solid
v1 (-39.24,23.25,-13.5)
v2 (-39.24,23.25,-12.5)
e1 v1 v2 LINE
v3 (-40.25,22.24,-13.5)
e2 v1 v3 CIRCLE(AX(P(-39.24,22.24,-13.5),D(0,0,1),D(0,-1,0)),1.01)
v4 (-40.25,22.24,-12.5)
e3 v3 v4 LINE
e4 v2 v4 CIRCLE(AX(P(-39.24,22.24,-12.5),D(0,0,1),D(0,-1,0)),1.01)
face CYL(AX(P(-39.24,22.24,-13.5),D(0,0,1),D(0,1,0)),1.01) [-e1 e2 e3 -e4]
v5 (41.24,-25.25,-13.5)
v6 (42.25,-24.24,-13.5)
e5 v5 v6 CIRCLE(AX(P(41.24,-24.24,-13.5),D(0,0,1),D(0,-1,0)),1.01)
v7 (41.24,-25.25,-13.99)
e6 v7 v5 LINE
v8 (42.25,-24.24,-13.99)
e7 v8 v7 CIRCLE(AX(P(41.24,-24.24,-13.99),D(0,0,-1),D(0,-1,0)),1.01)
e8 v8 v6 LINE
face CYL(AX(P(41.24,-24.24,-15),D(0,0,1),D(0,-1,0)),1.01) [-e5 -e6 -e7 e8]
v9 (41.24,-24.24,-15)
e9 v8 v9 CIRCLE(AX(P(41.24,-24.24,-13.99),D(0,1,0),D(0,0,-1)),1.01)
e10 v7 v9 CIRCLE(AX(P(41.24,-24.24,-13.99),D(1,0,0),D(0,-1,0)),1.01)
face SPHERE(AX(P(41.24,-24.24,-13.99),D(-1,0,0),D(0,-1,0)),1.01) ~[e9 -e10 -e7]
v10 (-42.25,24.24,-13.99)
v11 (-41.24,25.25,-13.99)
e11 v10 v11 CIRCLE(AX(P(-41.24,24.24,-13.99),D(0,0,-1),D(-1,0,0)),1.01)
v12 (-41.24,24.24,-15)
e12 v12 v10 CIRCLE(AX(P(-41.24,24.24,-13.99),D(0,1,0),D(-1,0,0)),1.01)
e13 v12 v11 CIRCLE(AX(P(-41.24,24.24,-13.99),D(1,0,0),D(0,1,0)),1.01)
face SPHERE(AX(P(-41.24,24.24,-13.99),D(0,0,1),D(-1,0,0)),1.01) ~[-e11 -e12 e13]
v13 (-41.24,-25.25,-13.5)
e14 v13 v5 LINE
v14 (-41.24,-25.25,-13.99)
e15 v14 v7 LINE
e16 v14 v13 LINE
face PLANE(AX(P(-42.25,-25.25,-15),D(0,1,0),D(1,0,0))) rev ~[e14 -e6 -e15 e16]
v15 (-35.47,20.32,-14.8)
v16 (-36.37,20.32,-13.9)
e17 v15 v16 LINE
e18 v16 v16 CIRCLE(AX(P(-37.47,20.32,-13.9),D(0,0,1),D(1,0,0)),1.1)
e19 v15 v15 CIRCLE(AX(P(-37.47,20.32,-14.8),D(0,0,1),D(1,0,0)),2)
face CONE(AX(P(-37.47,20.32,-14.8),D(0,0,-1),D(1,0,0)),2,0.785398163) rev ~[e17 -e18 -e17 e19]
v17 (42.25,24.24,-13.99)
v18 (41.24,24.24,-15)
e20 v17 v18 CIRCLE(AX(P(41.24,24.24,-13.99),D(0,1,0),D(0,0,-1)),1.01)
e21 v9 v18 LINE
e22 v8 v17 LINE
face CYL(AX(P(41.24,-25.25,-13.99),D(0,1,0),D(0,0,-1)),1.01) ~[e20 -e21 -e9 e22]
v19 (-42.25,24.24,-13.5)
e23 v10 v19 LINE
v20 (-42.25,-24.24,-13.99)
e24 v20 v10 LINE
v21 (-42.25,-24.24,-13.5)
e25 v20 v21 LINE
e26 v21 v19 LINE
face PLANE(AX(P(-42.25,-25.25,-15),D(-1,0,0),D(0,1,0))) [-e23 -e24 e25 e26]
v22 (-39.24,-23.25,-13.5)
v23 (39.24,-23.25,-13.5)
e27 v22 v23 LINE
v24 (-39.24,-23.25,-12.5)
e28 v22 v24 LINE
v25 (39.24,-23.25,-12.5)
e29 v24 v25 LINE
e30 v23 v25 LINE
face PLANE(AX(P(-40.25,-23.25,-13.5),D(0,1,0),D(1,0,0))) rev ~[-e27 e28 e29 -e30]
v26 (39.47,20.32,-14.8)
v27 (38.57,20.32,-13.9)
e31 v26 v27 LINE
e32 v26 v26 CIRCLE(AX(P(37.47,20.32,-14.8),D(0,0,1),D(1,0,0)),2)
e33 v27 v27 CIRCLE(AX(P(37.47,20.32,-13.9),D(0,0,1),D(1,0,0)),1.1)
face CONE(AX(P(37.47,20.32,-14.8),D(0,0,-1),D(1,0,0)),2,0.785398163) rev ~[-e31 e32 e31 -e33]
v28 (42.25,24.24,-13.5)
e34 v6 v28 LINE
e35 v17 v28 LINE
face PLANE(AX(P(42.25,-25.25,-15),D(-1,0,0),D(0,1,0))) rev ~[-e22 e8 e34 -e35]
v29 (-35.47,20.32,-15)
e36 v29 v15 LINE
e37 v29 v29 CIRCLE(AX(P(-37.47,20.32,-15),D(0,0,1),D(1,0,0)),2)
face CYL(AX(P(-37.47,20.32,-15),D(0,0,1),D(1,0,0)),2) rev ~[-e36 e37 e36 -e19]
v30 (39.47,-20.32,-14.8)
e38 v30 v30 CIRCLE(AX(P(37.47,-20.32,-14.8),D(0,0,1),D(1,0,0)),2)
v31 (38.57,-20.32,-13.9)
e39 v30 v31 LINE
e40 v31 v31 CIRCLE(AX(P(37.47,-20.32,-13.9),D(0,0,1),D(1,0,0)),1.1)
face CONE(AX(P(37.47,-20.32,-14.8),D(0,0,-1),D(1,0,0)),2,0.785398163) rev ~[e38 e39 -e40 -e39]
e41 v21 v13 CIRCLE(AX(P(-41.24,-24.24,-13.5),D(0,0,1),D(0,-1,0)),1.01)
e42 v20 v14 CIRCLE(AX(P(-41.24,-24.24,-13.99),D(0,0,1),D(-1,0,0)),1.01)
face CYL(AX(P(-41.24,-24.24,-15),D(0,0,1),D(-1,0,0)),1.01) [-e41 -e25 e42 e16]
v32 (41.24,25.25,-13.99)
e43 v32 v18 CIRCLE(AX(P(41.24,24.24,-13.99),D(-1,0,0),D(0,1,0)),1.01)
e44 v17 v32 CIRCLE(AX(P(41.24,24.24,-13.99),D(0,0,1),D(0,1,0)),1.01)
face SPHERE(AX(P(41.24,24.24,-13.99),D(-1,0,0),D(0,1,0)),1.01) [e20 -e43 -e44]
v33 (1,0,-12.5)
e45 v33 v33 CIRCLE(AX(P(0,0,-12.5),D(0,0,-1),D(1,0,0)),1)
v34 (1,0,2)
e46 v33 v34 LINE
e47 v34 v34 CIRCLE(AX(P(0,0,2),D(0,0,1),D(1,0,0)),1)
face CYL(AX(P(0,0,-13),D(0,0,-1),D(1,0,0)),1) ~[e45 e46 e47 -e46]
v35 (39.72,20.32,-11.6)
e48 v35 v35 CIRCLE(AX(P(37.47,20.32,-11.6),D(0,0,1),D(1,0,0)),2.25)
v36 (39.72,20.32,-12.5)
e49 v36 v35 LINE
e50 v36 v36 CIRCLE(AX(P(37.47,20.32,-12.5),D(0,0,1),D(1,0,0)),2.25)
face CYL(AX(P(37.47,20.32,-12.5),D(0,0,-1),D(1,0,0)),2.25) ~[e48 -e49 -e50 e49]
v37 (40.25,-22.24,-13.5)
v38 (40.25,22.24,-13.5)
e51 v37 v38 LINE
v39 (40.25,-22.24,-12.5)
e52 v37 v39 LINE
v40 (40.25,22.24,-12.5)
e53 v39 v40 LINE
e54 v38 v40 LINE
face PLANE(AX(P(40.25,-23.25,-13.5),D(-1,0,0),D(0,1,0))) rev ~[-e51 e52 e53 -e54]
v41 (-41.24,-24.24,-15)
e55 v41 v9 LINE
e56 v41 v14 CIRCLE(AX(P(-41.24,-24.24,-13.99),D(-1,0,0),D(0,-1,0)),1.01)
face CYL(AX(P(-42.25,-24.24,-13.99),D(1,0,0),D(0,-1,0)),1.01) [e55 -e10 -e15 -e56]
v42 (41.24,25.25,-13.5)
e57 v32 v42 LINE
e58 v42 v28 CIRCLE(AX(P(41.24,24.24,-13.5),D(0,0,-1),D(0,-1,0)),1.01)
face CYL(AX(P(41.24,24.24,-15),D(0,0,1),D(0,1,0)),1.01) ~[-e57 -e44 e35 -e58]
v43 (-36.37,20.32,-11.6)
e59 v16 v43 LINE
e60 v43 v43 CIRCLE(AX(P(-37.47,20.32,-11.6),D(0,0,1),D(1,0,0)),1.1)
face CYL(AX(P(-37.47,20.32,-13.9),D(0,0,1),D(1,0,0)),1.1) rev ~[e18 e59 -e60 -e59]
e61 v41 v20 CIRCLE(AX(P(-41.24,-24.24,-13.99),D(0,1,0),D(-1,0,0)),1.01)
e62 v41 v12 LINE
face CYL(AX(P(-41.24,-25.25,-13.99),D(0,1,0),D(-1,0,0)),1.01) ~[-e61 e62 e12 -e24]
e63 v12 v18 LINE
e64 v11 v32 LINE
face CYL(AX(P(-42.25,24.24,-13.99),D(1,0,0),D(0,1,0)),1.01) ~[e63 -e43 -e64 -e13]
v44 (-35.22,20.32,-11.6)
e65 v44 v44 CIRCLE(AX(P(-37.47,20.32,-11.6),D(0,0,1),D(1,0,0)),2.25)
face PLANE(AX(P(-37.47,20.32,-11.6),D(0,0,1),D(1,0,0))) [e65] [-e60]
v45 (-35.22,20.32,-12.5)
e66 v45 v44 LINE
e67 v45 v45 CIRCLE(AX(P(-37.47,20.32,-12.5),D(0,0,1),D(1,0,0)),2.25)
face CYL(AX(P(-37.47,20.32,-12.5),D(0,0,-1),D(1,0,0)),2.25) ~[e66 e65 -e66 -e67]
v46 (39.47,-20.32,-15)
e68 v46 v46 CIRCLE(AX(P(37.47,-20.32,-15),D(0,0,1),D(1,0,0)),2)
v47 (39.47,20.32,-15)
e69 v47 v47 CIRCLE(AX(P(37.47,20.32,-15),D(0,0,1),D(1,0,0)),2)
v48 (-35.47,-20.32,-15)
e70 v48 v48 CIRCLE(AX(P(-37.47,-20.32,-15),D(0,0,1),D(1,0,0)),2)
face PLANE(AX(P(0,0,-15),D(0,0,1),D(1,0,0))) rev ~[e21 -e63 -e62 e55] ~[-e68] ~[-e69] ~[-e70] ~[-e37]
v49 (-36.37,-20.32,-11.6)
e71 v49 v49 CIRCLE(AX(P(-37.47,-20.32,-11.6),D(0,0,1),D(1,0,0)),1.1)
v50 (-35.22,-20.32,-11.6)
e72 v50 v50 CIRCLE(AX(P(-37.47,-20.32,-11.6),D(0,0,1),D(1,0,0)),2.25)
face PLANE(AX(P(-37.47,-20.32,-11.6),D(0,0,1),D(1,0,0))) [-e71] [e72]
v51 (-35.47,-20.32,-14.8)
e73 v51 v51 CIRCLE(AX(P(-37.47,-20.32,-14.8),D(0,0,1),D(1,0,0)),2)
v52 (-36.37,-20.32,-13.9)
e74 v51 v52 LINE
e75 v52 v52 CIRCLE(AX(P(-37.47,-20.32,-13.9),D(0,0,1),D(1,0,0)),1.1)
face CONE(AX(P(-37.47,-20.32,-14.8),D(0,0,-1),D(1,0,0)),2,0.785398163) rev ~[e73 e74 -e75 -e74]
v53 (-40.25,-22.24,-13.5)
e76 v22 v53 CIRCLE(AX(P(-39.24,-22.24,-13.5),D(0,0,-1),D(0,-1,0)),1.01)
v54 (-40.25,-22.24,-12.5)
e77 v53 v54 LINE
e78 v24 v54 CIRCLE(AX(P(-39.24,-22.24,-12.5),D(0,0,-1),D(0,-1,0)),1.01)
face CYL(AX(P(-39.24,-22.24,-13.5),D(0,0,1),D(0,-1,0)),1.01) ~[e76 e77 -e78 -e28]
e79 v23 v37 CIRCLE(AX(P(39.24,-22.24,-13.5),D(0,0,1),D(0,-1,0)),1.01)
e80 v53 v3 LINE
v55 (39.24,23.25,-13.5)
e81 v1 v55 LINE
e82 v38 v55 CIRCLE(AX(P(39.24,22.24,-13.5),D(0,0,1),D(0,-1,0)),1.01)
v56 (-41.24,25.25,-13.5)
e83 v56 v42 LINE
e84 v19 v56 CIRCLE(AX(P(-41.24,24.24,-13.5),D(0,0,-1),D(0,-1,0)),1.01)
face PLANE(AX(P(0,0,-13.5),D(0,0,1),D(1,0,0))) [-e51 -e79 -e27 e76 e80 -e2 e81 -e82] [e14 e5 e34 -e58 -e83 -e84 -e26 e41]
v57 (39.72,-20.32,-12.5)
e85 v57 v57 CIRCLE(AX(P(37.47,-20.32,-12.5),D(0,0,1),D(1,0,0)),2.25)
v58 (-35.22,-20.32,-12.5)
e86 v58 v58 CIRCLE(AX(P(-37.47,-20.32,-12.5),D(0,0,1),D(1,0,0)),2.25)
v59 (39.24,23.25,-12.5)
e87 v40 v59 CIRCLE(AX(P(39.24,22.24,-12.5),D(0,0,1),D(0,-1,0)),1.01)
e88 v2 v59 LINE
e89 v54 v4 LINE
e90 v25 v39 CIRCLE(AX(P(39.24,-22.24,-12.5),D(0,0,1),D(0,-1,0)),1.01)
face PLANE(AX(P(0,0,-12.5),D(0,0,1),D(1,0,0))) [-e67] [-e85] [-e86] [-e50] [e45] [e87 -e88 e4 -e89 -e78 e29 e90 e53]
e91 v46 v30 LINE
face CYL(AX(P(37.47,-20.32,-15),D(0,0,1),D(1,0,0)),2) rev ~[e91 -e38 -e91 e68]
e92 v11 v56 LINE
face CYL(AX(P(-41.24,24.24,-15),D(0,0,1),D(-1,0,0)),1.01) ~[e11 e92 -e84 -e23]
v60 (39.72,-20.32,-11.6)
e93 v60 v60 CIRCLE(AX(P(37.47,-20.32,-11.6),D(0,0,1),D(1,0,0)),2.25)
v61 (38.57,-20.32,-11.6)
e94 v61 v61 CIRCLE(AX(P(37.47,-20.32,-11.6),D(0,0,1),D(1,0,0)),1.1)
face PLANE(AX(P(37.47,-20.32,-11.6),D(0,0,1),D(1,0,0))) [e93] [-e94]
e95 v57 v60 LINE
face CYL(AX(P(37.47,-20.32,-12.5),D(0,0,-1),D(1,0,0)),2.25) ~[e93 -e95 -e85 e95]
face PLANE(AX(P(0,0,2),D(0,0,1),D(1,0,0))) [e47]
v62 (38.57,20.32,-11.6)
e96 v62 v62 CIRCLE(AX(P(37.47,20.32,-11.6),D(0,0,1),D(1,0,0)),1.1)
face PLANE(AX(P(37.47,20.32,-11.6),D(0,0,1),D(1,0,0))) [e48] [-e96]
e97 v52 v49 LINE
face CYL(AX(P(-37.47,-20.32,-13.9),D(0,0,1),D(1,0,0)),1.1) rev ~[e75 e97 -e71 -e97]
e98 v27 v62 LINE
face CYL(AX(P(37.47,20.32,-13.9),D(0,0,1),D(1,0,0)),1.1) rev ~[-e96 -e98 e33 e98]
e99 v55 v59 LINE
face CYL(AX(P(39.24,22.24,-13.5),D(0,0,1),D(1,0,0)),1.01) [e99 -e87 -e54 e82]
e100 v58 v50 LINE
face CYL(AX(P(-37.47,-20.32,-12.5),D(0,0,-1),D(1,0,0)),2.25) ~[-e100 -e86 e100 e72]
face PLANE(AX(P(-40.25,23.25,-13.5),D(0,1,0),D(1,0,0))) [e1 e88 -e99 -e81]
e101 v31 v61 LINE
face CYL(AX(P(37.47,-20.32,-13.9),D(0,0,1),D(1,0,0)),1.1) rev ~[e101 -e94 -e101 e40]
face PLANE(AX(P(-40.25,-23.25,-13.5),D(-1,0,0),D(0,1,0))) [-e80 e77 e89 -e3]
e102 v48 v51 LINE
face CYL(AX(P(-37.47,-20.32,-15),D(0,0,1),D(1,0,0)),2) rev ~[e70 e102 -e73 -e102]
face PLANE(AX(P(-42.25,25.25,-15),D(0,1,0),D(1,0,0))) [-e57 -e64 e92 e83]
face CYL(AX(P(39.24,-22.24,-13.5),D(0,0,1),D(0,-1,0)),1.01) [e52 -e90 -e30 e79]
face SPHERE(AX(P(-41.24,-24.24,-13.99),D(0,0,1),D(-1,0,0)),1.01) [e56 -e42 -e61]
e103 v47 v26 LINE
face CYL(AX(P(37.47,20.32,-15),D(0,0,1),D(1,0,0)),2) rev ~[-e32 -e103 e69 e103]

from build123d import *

# Parameters (mm, degrees)
CYLINDER025_R     = 1
CYLINDER025_DEPTH = 15
CYLINDER022_R     = 2.25
CYLINDER022_DEPTH = 0.9
CYLINDER023_R     = 2.25
CYLINDER023_DEPTH = 0.9
CYLINDER024_R     = 2.25
CYLINDER024_DEPTH = 0.9
CYLINDER021_R     = 2.25
CYLINDER021_DEPTH = 0.9
BOX005_W          = 84.5
BOX005_H          = 50.5
BOX005_DEPTH      = 1.5
BOX004_W          = 80.5
BOX004_H          = 46.5
BOX004_DEPTH      = 1
FILLET001_R       = 1.01


with BuildPart() as hack:
    # Cylinder025 → Cylinder025 (new body)
    with BuildSketch(Plane.XY.offset(-13)):
        Circle(CYLINDER025_R)
    extrude(amount=CYLINDER025_DEPTH)


with BuildPart() as bottom_screw_hole_a:
    # Sketch → Revolution (revolve)
    with BuildSketch(Plane.XZ):
        Polygon((0, 0), (2, 0), (2, 0.2), (1.1, 1.1), (1.1, 3.4), (0, 3.4), align=None)
    revolve(axis=Axis((0, 0, 0), (0, 0, 1)))


with BuildPart() as bottom_screw_hole_a_1:
    # Body placement: moved
    add(bottom_screw_hole_a.part.moved(Location((-37.47, -20.32, 0))))


with BuildPart() as bottom_screw_hole_b:
    # Body001 base: copy of bottom_screw_hole_a
    add(bottom_screw_hole_a_1.part)


with BuildPart() as bottom_screw_hole_b_1:
    # Clone placement: moved
    add(bottom_screw_hole_b.part.moved(Location((37.47, 20.32, 0))))


with BuildPart() as bottom_screw_hole_b_2:
    # Body001 placement: moved
    add(bottom_screw_hole_b_1.part.moved(Location((-37.47, 20.32, 0))))


with BuildPart() as bottom_screw_hole_c:
    # Body002 base: copy of bottom_screw_hole_a
    add(bottom_screw_hole_a_1.part)


with BuildPart() as bottom_screw_hole_c_1:
    # Clone001 placement: moved
    add(bottom_screw_hole_c.part.moved(Location((37.47, 20.32, 0))))


with BuildPart() as bottom_screw_hole_c_2:
    # Body002 placement: moved
    add(bottom_screw_hole_c_1.part.moved(Location((37.47, 20.32, 0))))


with BuildPart() as bottom_screw_hole_d:
    # Body003 base: copy of bottom_screw_hole_a
    add(bottom_screw_hole_a_1.part)


with BuildPart() as bottom_screw_hole_d_1:
    # Clone002 placement: moved
    add(bottom_screw_hole_d.part.moved(Location((37.47, 20.32, 0))))


with BuildPart() as bottom_screw_hole_d_2:
    # Body003 placement: moved
    add(bottom_screw_hole_d_1.part.moved(Location((37.47, -20.32, 0))))


with BuildPart() as bottom_screw_holes:
    # Fusion016 base: copy of bottom_screw_hole_a
    add(bottom_screw_hole_a_1.part)

    # Fusion016: union bottom_screw_hole_b, bottom_screw_hole_c, bottom_screw_hole_d
    add(bottom_screw_hole_b_2.part)
    add(bottom_screw_hole_c_2.part)
    add(bottom_screw_hole_d_2.part)


with BuildPart() as screw_column_b:
    # Cylinder022 → Cylinder022 (new body)
    with BuildSketch(Plane(origin=(-37.47, -20.32, 0), x_dir=(1, 0, 0), z_dir=(0, 0, 1))):
        Circle(CYLINDER022_R)
    extrude(amount=CYLINDER022_DEPTH)


with BuildPart() as screw_column_c:
    # Cylinder023 → Cylinder023 (new body)
    with BuildSketch(Plane(origin=(37.47, 20.32, 0), x_dir=(1, 0, 0), z_dir=(0, 0, 1))):
        Circle(CYLINDER023_R)
    extrude(amount=CYLINDER023_DEPTH)


with BuildPart() as screw_column_d:
    # Cylinder024 → Cylinder024 (new body)
    with BuildSketch(Plane(origin=(37.47, -20.32, 0), x_dir=(1, 0, 0), z_dir=(0, 0, 1))):
        Circle(CYLINDER024_R)
    extrude(amount=CYLINDER024_DEPTH)


with BuildPart() as screw_columns:
    # Cylinder021 → Cylinder021 (new body)
    with BuildSketch(Plane(origin=(-37.47, 20.32, 0), x_dir=(1, 0, 0), z_dir=(0, 0, 1))):
        Circle(CYLINDER021_R)
    extrude(amount=CYLINDER021_DEPTH)

    # Fusion011: union screw_column_b, screw_column_c, screw_column_d
    add(screw_column_b.part)
    add(screw_column_c.part)
    add(screw_column_d.part)


with BuildPart() as screw_columns_1:
    # Fusion011 placement: moved
    add(screw_columns.part.moved(Location((0, 0, 2.5))))


with BuildPart() as external_bottom:
    # Box005 → Box005 (new body)
    with BuildSketch(Plane(origin=(-2, -2, 0), x_dir=(1, 0, 0), z_dir=(0, 0, 1))):
        with Locations((42.25, 25.25)):
            Rectangle(BOX005_W, BOX005_H)
    extrude(amount=BOX005_DEPTH)


with BuildPart() as bottom_body_jlcpcb:
    # Box004 → Box004 (new body)
    with BuildSketch(Plane.XY.offset(1.5)):
        with Locations((40.25, 23.25)):
            Rectangle(BOX004_W, BOX004_H)
    extrude(amount=BOX004_DEPTH)

    # Fusion013: union external_bottom
    add(external_bottom.part)


with BuildPart() as bottom_body_jlcpcb_1:
    # Fusion013 placement: moved
    add(bottom_body_jlcpcb.part.moved(Location((-40.25, -23.25, 0))))

    # Fusion014: union screw_columns
    add(screw_columns_1.part)

    # Cut014: cut bottom_screw_holes
    add(bottom_screw_holes.part, mode=Mode.SUBTRACT)

    # Fillet001
    fillet001_edges = [bottom_body_jlcpcb_1.edges().sort_by_distance(p)[0] for p in [
        (-42.25, -25.25, 0.75),
        (-42.25, 25.25, 0.75),
        (-42.25, 0, 0),
        (0, -25.25, 0),
        (42.25, -25.25, 0.75),
        (0, 25.25, 0),
        (42.25, 25.25, 0.75),
        (42.25, 0, 0),
        (-40.25, -23.25, 2),
        (-40.25, 23.25, 2),
        (40.25, -23.25, 2),
        (40.25, 23.25, 2),
    ]]
    fillet(fillet001_edges, radius=FILLET001_R)


with BuildPart() as bottom_body_jlcpcb_2:
    # Fillet001 placement: moved
    add(bottom_body_jlcpcb_1.part.moved(Location((0, 0, -15))))

    # Fusion017: union hack
    add(hack.part)


solid = bottom_body_jlcpcb_2.part
